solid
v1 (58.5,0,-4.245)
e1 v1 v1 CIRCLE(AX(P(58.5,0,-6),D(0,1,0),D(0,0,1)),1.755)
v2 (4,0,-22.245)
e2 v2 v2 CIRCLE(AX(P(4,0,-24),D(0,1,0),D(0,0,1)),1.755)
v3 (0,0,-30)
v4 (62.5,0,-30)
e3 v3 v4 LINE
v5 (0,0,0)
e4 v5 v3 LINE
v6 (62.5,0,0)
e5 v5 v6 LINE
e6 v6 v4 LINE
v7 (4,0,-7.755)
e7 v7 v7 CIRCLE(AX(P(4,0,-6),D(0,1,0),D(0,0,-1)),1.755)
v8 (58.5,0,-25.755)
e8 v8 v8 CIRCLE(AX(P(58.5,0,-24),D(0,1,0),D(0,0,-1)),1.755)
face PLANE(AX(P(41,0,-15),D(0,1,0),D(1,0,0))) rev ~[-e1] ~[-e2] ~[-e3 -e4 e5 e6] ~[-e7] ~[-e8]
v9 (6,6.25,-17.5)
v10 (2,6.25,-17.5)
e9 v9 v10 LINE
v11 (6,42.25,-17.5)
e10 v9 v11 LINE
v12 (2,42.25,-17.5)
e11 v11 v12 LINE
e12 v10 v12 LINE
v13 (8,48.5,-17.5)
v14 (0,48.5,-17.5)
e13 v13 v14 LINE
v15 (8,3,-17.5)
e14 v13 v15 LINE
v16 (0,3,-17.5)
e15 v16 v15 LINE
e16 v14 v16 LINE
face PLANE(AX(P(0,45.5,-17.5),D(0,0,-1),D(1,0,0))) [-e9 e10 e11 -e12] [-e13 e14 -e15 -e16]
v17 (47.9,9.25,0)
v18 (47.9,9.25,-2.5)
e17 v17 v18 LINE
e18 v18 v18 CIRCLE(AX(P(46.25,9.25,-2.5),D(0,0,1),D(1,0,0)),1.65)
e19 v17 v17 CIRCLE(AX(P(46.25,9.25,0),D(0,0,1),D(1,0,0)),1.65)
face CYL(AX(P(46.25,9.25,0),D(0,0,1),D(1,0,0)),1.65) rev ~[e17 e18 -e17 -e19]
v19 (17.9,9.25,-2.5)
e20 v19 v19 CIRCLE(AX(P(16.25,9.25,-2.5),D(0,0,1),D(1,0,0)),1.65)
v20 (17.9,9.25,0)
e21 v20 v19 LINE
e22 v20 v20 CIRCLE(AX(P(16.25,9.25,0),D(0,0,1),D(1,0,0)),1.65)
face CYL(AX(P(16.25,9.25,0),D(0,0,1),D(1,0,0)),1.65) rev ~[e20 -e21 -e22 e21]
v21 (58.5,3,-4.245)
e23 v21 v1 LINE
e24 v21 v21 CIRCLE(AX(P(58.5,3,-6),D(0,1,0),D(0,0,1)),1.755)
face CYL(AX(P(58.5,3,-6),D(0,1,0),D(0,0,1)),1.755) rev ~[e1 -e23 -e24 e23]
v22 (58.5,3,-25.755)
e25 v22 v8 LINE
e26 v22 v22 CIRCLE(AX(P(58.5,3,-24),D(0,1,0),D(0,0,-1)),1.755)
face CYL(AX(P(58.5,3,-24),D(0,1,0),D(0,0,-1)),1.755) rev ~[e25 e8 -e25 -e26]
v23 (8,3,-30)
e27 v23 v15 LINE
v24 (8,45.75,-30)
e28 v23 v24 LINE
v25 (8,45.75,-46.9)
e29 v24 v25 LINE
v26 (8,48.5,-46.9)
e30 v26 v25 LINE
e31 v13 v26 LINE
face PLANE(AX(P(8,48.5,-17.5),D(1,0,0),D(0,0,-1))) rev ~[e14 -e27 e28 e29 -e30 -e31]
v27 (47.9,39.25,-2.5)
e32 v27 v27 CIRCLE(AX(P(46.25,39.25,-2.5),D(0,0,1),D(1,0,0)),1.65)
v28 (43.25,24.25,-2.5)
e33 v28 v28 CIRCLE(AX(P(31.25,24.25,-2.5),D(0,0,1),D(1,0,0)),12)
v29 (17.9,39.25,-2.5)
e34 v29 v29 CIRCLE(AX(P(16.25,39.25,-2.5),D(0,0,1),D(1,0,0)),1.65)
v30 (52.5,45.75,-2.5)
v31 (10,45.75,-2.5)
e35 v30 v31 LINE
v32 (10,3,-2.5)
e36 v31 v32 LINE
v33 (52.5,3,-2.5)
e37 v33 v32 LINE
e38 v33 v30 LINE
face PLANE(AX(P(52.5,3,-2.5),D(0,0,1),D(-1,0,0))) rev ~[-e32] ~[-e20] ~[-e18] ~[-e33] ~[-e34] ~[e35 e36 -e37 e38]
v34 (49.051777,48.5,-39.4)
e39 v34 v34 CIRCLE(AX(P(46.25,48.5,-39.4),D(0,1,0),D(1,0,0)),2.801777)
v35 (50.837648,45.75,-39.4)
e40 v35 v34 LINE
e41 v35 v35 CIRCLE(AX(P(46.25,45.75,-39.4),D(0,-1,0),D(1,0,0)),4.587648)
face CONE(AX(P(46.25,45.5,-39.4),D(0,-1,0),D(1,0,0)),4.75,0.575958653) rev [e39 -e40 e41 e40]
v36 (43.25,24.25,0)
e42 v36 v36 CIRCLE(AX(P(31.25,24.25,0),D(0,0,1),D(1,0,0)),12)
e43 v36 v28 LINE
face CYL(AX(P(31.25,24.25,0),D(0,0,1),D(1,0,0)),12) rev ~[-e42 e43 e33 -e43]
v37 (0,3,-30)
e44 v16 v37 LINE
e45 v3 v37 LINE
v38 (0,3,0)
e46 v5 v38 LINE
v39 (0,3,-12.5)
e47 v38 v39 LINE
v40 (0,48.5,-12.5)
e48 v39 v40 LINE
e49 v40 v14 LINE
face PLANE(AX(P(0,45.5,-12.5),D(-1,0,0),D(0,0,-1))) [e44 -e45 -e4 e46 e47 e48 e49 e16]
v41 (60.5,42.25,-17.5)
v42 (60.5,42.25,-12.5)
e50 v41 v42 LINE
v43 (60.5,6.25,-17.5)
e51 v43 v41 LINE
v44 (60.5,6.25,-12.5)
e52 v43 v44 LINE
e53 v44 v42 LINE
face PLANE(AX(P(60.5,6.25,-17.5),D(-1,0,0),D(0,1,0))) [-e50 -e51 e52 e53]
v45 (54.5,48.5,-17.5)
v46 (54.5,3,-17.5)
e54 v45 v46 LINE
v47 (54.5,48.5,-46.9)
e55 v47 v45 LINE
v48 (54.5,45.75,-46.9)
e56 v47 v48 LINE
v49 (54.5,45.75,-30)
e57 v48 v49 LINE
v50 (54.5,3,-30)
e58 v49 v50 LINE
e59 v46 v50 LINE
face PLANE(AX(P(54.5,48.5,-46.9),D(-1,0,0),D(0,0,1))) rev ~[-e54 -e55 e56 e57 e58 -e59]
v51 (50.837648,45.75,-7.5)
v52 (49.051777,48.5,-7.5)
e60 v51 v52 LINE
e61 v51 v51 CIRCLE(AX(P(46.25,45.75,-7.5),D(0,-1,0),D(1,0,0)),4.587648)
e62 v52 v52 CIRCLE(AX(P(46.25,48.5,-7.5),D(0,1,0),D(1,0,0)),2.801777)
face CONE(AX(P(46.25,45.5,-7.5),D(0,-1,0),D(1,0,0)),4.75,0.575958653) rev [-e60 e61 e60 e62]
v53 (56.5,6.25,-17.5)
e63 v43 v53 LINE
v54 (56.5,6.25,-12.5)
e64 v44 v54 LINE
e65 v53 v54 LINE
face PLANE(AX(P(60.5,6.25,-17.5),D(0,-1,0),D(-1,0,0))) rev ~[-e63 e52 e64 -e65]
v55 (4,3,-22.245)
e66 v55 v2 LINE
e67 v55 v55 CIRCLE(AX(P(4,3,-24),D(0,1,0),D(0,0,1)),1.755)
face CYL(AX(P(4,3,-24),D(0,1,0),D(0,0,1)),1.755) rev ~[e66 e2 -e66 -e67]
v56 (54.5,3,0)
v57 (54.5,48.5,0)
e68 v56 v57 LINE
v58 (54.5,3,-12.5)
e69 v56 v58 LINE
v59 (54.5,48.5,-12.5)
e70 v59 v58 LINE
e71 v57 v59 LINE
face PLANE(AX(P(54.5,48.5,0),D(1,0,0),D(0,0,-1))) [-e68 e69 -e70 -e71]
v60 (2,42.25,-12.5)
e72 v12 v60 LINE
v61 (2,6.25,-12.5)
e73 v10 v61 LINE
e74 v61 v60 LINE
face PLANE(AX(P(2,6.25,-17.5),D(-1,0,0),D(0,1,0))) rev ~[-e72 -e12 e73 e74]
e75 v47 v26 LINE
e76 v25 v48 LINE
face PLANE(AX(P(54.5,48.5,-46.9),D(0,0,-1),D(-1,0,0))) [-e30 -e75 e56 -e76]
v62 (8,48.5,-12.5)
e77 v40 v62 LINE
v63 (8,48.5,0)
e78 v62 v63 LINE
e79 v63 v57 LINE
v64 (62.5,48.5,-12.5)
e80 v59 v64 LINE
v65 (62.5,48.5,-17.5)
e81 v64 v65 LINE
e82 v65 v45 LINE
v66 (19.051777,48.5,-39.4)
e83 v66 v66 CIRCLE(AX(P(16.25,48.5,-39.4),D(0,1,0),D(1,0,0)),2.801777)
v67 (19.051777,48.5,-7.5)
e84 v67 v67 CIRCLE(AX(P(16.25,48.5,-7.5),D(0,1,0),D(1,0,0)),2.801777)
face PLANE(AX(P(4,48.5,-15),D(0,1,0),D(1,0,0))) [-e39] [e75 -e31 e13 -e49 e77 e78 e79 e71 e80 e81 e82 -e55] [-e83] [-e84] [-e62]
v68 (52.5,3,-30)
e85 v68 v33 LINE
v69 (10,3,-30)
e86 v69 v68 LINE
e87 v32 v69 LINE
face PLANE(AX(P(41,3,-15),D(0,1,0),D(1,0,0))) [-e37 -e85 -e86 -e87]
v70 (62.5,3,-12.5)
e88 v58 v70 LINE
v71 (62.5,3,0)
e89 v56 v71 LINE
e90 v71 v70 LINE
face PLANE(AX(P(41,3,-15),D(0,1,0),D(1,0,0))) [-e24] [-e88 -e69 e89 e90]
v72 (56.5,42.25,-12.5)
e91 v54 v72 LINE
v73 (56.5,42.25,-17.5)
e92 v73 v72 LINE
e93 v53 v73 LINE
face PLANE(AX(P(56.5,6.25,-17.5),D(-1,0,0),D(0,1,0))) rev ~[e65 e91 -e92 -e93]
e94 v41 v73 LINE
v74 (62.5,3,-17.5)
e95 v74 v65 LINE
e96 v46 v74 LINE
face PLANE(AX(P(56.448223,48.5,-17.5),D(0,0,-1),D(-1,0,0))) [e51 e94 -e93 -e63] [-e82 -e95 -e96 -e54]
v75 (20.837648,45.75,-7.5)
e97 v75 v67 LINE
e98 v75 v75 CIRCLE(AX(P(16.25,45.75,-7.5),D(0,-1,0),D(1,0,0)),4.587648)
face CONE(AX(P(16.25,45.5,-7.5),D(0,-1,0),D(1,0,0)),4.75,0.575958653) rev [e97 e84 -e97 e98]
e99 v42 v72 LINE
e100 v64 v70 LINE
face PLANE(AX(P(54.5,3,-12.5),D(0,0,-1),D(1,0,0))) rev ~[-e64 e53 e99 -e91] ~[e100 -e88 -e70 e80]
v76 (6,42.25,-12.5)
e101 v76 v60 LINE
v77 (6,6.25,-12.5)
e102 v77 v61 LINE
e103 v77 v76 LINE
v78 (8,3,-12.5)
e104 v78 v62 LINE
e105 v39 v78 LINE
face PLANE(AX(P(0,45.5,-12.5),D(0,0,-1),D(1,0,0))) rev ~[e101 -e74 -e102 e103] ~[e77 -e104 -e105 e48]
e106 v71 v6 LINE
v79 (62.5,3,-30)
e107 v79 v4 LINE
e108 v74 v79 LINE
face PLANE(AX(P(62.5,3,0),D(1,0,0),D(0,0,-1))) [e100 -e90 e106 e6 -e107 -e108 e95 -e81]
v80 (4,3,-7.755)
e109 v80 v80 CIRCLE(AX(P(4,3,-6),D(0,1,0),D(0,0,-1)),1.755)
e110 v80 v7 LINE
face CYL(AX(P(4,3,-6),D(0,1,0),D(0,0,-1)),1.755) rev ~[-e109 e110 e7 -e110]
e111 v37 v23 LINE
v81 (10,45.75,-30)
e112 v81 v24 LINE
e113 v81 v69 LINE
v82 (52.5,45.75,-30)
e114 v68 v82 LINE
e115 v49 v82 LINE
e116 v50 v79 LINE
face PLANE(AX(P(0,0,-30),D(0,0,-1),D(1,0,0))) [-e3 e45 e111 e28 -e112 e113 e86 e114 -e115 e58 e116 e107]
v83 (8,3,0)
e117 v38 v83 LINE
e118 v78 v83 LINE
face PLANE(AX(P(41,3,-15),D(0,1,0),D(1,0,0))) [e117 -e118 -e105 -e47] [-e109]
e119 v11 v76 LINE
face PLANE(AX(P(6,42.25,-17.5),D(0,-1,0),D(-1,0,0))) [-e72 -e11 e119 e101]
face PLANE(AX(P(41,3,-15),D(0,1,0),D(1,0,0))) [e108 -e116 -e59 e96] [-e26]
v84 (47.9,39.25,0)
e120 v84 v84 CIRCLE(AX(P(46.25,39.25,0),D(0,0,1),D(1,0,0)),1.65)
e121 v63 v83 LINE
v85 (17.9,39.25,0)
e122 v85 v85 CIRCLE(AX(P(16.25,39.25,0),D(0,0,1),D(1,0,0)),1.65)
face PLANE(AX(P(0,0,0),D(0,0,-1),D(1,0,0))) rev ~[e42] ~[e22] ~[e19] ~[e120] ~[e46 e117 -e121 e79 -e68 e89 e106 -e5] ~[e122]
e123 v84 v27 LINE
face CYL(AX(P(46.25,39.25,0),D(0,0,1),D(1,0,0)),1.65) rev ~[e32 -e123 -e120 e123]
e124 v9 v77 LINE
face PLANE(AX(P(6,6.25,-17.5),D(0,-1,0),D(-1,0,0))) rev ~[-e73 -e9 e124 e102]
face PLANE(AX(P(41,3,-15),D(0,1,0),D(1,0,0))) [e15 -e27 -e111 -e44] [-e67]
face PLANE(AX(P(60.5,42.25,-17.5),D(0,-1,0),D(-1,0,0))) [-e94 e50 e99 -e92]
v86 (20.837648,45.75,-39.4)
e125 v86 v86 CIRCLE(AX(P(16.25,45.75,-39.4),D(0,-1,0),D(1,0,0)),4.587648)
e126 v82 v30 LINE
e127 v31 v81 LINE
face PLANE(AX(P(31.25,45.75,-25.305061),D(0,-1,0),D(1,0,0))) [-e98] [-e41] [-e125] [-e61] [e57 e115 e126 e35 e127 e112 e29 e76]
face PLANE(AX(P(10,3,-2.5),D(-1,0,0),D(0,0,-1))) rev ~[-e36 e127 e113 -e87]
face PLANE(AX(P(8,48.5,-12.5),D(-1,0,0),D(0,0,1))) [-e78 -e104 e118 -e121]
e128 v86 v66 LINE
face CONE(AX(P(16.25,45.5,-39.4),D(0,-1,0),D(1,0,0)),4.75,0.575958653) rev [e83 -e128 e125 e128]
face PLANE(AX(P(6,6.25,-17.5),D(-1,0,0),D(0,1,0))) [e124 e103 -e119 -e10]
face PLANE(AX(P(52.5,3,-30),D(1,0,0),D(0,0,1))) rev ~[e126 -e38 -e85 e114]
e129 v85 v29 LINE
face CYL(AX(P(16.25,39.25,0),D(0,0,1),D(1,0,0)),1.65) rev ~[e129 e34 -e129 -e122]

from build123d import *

# Parameters (mm, degrees)
SKETCH1_W           = 82
SKETCH1_H           = 30
SKETCH1_R           = 2
BOSS_EXTRUDE1_DEPTH = 3
BOSS_EXTRUDE2_DEPTH = 42.5
SKETCH4_R           = 12
SKETCH4_R_2         = 1.65
CUT_EXTRUDE2_DEPTH  = 99.459382488
SKETCH7_W           = 19.5
SKETCH7_H           = 30
CUT_EXTRUDE4_DEPTH  = 98.109474306
SKETCH8_W           = 8
SKETCH8_H           = 5
BOSS_EXTRUDE3_DEPTH = 42.5
SKETCH8_3_R         = 1.755
CUT_EXTRUDE5_DEPTH  = 82.317279836
SKETCH9_W           = 4
SKETCH9_H           = 36
CUT_EXTRUDE6_DEPTH  = 80.26380006
SKETCH10_W          = 46.5
SKETCH10_H          = 46.9
SKETCH10_R          = 4.75
BOSS_EXTRUDE4_DEPTH = 3
BOSS_EXTRUDE4_DRAFT = -33
SKETCH12_W          = 8
SKETCH12_H          = 5
BOSS_EXTRUDE6_DEPTH = 3
CUT_EXTRUDE7_DEPTH  = 3
CUT_EXTRUDE8_DEPTH  = 0.25


with BuildPart() as part:
    # Sketch1 → Boss-Extrude1 (new body)
    with BuildSketch(Plane(origin=(0, 0, 0), x_dir=(1, 0, 0), z_dir=(0, 1, 0))):
        with Locations((41, 15)):
            Rectangle(SKETCH1_W, SKETCH1_H)
        with Locations(Location((78, 23.86, 0), (0, 0, 270))):
            Circle(SKETCH1_R, mode=Mode.SUBTRACT)
        with Locations(Location((78, 5, 0), (0, 0, 270))):
            Circle(SKETCH1_R, mode=Mode.SUBTRACT)
    extrude(amount=BOSS_EXTRUDE1_DEPTH)

    # Sketch2 → Boss-Extrude2 (add)
    with BuildSketch(Plane(origin=(0, 3, 0), x_dir=(1, 0, 0), z_dir=(0, 1, 0))):
        Polygon((52.5, 2.5), (10, 2.5), (10, 30), (8, 30), (8, 0), (54.5, 0), (54.5, 30), (52.5, 30), align=None)
    extrude(amount=BOSS_EXTRUDE2_DEPTH)

    # Sketch4 → Cut-Extrude2 (cut, through all)
    with BuildSketch(Plane.XY):
        with Locations((31.25, 24.25)):
            Circle(SKETCH4_R)
        with Locations((16.25, 9.25)):
            Circle(SKETCH4_R_2)
        with Locations((16.25, 39.25)):
            Circle(SKETCH4_R_2)
        with Locations((46.25, 39.25)):
            Circle(SKETCH4_R_2)
        with Locations((46.25, 9.25)):
            Circle(SKETCH4_R_2)
    extrude(amount=-CUT_EXTRUDE2_DEPTH, mode=Mode.SUBTRACT)

    # Sketch7 → Cut-Extrude4 (cut, through all)
    with BuildSketch(Plane(origin=(0, 3, 0), x_dir=(1, 0, 0), z_dir=(0, 1, 0))):
        with Locations((72.25, 15)):
            Rectangle(SKETCH7_W, SKETCH7_H)
    extrude(amount=-CUT_EXTRUDE4_DEPTH, mode=Mode.SUBTRACT)

    # Sketch8 → Boss-Extrude3 (add)
    with BuildSketch(Plane(origin=(0, 3, 0), x_dir=(1, 0, 0), z_dir=(0, 1, 0))):
        with Locations((4, 15)):
            Rectangle(SKETCH8_W, SKETCH8_H)
        with Locations((58.5, 15)):
            Rectangle(SKETCH8_W, SKETCH8_H)
    extrude(amount=BOSS_EXTRUDE3_DEPTH)

    # Sketch8<3> → Cut-Extrude5 (cut, through all)
    with BuildSketch(Plane(origin=(0, 3, 0), x_dir=(1, 0, 0), z_dir=(0, 1, 0))):
        with Locations(Location((4, 24, 0), (0, 0, 270))):
            Circle(SKETCH8_3_R)
        with Locations(Location((4, 6, 0), (0, 0, 90))):
            Circle(SKETCH8_3_R)
        with Locations(Location((58.5, 6, 0), (0, 0, 270))):
            Circle(SKETCH8_3_R)
        with Locations(Location((58.5, 24, 0), (0, 0, 90))):
            Circle(SKETCH8_3_R)
    extrude(amount=-CUT_EXTRUDE5_DEPTH, mode=Mode.SUBTRACT)

    # Sketch9 → Cut-Extrude6 (cut, through all)
    with BuildSketch(Plane(origin=(0, 0, -17.5), x_dir=(-1, 0, 0), z_dir=(0, 0, -1))):
        with Locations((-58.5, 24.25)):
            Rectangle(SKETCH9_W, SKETCH9_H)
        with Locations((-4, 24.25)):
            Rectangle(SKETCH9_W, SKETCH9_H)
    extrude(amount=-CUT_EXTRUDE6_DEPTH, mode=Mode.SUBTRACT)


with BuildPart() as boss_extrude4_tool:
    # Sketch10 → Boss-Extrude4 (with draft: the straight prism first)
    with BuildSketch(Plane(origin=(0, 45.5, 0), x_dir=(1, 0, 0), z_dir=(0, 1, 0))):
        with Locations((31.25, 23.45)):
            Rectangle(SKETCH10_W, SKETCH10_H)
        with Locations((16.25, 7.5)):
            Circle(SKETCH10_R, mode=Mode.SUBTRACT)
        with Locations((46.25, 7.5)):
            Circle(SKETCH10_R, mode=Mode.SUBTRACT)
        with Locations((46.25, 39.4)):
            Circle(SKETCH10_R, mode=Mode.SUBTRACT)
        with Locations((16.25, 39.4)):
            Circle(SKETCH10_R, mode=Mode.SUBTRACT)
    extrude(amount=BOSS_EXTRUDE4_DEPTH)
    # Boss-Extrude4: the draft: its side faces are tilted about the plane it starts from
    boss_extrude4_sides = [boss_extrude4_tool.faces().sort_by_distance(p)[0] for p in [
        (31.25, 47, 0),
        (54.5, 47, -23.45),
        (31.25, 47, -46.9),
        (8, 47, -23.45),
        (11.5, 47, -7.5),
        (41.5, 47, -7.5),
        (41.5, 47, -39.4),
        (11.5, 47, -39.4),
    ]]
    draft(boss_extrude4_sides, Plane(origin=(0, 45.5, 0), x_dir=(1, 0, 0), z_dir=(0, 1, 0)), BOSS_EXTRUDE4_DRAFT)


with BuildPart() as part_1:
    add(part.part)

    # Boss-Extrude4: add boss_extrude4_tool
    add(boss_extrude4_tool.part)

    # Sketch12 → Boss-Extrude6 (add)
    with BuildSketch(Plane(origin=(0, 45.5, 0), x_dir=(1, 0, 0), z_dir=(0, 1, 0))):
        with Locations((4, 15)):
            Rectangle(SKETCH12_W, SKETCH12_H)
        with Locations((58.5, 15)):
            Rectangle(SKETCH12_W, SKETCH12_H)
    extrude(amount=BOSS_EXTRUDE6_DEPTH)

    # Sketch13 → Cut-Extrude7 (cut)
    with BuildSketch(Plane(origin=(0, 48.5, 0), x_dir=(1, 0, 0), z_dir=(0, 1, 0))):
        Polygon((56.44822278, 17.5), (54.5, 17.5), (54.5, 30), (54.5, 46.9), (8, 46.9), (8, 30), (8, 17.5), (6.05177722, 17.5), (6.05177722, 48.84822278), (56.44822278, 48.84822278), align=None)
        Polygon((54.5, 12.5), (56.44822278, 12.5), (56.44822278, -1.94822278), (6.05177722, -1.94822278), (6.05177722, 12.5), (8, 12.5), (8, 0), (54.5, 0), align=None)
    extrude(amount=-CUT_EXTRUDE7_DEPTH, mode=Mode.SUBTRACT)

    # Sketch15 → Cut-Extrude8 (cut)
    with BuildSketch(Plane.XZ.offset(-45.5)):
        Polygon((10, -2.5), (10, -30), (8, -30), (8, -46.9), (54.5, -46.9), (54.5, -30), (52.5, -30), (52.5, -2.5), align=None)
    extrude(amount=-CUT_EXTRUDE8_DEPTH, mode=Mode.SUBTRACT)


solid = part_1.part
